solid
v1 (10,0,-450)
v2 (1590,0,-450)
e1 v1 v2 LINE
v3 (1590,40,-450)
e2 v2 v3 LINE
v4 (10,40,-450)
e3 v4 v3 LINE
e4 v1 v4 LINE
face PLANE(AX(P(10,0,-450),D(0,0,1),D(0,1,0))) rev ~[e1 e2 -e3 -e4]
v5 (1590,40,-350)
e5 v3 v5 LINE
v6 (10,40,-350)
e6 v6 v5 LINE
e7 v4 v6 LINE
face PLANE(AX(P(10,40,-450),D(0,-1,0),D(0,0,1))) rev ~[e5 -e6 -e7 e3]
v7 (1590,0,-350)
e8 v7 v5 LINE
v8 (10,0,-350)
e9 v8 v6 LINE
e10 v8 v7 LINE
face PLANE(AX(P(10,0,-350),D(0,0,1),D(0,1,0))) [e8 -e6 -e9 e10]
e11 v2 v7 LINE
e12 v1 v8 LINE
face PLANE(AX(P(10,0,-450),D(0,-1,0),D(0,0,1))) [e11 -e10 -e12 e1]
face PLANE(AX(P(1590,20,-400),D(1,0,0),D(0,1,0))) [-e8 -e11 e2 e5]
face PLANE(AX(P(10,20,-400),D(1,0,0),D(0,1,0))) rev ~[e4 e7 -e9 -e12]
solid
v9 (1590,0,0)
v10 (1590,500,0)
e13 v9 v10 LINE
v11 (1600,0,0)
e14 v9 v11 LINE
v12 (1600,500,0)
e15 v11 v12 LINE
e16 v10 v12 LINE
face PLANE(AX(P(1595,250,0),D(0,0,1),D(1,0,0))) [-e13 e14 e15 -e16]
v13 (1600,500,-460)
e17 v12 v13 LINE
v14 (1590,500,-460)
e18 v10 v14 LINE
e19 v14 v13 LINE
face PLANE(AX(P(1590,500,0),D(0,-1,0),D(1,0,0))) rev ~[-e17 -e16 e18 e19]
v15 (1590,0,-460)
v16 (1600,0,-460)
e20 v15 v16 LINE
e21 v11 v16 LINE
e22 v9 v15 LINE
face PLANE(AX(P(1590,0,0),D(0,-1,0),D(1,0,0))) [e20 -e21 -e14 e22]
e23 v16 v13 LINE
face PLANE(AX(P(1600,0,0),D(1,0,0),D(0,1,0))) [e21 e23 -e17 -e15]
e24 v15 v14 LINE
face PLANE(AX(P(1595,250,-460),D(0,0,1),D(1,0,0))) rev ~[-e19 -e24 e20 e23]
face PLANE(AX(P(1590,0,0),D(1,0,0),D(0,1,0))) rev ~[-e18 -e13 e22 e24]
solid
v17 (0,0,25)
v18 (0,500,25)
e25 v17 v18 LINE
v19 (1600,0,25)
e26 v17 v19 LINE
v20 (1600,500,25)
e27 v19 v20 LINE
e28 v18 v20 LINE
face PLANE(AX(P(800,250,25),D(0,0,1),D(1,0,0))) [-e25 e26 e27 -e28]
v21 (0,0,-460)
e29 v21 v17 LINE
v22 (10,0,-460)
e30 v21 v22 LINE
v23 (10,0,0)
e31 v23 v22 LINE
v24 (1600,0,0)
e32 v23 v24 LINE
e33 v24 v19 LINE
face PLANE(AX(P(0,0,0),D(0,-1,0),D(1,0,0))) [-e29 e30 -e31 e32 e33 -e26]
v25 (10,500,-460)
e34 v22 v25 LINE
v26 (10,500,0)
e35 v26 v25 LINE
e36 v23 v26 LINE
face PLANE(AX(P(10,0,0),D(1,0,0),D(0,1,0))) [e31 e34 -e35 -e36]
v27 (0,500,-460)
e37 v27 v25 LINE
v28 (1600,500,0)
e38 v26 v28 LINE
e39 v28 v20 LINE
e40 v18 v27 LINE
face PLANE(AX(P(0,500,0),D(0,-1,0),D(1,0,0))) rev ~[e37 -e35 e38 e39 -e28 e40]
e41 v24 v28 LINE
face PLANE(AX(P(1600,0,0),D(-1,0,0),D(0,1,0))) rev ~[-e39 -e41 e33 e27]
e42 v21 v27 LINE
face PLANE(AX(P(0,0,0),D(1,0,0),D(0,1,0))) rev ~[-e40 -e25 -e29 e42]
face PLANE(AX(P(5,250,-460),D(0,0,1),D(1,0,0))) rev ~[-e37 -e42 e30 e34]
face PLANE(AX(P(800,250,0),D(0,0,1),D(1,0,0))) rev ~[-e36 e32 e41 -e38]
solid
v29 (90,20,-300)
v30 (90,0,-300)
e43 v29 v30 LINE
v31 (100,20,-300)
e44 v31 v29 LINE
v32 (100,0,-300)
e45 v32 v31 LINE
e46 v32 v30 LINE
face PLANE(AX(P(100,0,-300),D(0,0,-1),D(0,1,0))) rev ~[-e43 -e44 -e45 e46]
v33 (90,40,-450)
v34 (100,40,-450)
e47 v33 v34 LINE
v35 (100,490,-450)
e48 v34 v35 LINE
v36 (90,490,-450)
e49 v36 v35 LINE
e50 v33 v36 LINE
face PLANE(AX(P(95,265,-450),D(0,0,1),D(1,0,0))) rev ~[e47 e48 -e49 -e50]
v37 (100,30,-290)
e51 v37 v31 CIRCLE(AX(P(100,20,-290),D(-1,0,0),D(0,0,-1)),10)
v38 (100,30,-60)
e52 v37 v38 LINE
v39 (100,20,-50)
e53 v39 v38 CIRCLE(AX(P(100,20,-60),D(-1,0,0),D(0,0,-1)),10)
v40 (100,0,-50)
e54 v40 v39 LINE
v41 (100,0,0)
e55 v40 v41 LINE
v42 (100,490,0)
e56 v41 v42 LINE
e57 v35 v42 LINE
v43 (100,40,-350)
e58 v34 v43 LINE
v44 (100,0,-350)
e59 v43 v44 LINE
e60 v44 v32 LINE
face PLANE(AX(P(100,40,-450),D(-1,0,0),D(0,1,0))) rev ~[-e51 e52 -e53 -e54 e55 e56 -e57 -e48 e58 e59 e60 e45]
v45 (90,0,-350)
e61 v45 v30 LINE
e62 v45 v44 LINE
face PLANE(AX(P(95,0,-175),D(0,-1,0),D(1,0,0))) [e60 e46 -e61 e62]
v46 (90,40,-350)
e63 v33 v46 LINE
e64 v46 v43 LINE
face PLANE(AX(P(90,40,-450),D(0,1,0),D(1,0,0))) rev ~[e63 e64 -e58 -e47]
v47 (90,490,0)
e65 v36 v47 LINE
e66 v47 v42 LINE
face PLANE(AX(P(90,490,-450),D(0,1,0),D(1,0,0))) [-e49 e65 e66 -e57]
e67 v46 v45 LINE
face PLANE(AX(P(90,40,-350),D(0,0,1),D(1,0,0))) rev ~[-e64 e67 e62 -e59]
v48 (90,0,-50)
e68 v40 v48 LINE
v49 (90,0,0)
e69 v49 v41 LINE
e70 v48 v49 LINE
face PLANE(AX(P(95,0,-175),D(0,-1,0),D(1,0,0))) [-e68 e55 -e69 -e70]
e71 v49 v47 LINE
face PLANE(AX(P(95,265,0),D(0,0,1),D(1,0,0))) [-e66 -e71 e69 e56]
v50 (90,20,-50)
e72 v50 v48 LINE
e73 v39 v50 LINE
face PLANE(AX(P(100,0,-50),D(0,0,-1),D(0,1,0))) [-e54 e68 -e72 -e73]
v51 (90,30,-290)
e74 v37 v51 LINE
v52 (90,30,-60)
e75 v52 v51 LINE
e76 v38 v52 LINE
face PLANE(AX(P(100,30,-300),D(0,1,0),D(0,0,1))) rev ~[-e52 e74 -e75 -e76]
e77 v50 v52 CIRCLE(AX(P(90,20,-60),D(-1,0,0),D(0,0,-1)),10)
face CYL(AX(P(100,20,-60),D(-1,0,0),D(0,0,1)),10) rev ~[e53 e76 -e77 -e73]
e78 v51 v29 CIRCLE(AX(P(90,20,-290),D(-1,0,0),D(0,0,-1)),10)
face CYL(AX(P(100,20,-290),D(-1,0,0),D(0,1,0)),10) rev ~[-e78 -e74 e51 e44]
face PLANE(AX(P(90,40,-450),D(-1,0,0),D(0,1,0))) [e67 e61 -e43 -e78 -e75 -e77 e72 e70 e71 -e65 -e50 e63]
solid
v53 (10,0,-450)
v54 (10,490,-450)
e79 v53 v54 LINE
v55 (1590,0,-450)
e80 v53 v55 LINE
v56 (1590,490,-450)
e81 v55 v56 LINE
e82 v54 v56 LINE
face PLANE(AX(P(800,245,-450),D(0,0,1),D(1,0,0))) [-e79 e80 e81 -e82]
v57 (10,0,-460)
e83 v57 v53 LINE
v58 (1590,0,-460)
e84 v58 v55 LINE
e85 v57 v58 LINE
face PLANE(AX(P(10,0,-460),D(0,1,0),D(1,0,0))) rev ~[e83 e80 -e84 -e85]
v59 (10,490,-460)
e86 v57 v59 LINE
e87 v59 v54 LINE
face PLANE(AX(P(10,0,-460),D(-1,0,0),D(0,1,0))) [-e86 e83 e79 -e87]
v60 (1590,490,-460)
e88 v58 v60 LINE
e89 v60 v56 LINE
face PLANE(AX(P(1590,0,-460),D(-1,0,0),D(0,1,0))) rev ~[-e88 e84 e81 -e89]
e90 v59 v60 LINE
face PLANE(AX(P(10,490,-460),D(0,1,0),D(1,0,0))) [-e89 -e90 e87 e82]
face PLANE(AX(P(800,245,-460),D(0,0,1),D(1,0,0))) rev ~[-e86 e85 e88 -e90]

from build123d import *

# Parameters (mm, degrees)
F0_W      = 1600
F0_H      = 500
F1_DEPTH  = 25
F3_W      = 1580
F3_H      = 490
F4_DEPTH  = 10
F5_W      = 10
F5_H      = 500
F6_DEPTH  = 460
F7_W      = 10
F7_H      = 500
F8_DEPTH  = 460
F9_W      = 40
F9_H      = 100
F10_DEPTH = 1580
F11_W     = 10
F11_H     = 450
F12_DEPTH = 450
F13_W     = 10
F13_H     = 350
F14_DEPTH = 40
F16_W     = 30
F16_H     = 250
F17_DEPTH = 100.001
F18_R     = 10


with BuildPart() as f1:
    # F0 (on Top) → F1 (new body)
    with BuildSketch(Plane.XY):
        with Locations((800, 250)):
            Rectangle(F0_W, F0_H)
    extrude(amount=F1_DEPTH)

    # F5 (on face) → F6 (join, through all)
    with BuildSketch(Plane.XY):
        with Locations((5, 250)):
            Rectangle(F5_W, F5_H)
    extrude(amount=-F6_DEPTH)


with BuildPart() as f4:
    # F3 (on offset) → F4 (new body)
    with BuildSketch(Plane.XY.offset(-460)):
        with Locations((800, 245)):
            Rectangle(F3_W, F3_H)
    extrude(amount=F4_DEPTH)


with BuildPart() as f8:
    # F7 (on face) → F8 (new body, through all)
    with BuildSketch(Plane.XY):
        with Locations((1595, 250)):
            Rectangle(F7_W, F7_H)
    extrude(amount=-F8_DEPTH)


with BuildPart() as f10:
    # F9 (on face) → F10 (new body, through all)
    with BuildSketch(Plane.YZ.offset(10)):
        with Locations((20, -400)):
            Rectangle(F9_W, F9_H)
    extrude(amount=F10_DEPTH)


with BuildPart() as f12:
    # F11 (on face) → F12 (new body, through all)
    with BuildSketch(Plane.XY.offset(-450)):
        with Locations((95, 265)):
            Rectangle(F11_W, F11_H)
    extrude(amount=F12_DEPTH)


with BuildPart() as f14:
    # F13 (on face) → F14 (new body, through all)
    with BuildSketch(Plane.XZ.offset(-40)):
        with Locations((95, -175)):
            Rectangle(F13_W, F13_H)
    extrude(amount=F14_DEPTH)

    # F15: union F12
    add(f12.part)

    # F16 (on face) → F17 (cut, through all)
    with BuildSketch(Plane.YZ.offset(100)):
        with Locations((15, -175)):
            Rectangle(F16_W, F16_H)
    extrude(amount=-F17_DEPTH, mode=Mode.SUBTRACT)

    # F18
    f18_edges = [f14.edges().sort_by_distance(p)[0] for p in [
        (95, 30, -50),
        (95, 30, -300),
    ]]
    fillet(f18_edges, radius=F18_R)


solid = Compound([f1.part, f4.part, f8.part, f10.part, f14.part])
